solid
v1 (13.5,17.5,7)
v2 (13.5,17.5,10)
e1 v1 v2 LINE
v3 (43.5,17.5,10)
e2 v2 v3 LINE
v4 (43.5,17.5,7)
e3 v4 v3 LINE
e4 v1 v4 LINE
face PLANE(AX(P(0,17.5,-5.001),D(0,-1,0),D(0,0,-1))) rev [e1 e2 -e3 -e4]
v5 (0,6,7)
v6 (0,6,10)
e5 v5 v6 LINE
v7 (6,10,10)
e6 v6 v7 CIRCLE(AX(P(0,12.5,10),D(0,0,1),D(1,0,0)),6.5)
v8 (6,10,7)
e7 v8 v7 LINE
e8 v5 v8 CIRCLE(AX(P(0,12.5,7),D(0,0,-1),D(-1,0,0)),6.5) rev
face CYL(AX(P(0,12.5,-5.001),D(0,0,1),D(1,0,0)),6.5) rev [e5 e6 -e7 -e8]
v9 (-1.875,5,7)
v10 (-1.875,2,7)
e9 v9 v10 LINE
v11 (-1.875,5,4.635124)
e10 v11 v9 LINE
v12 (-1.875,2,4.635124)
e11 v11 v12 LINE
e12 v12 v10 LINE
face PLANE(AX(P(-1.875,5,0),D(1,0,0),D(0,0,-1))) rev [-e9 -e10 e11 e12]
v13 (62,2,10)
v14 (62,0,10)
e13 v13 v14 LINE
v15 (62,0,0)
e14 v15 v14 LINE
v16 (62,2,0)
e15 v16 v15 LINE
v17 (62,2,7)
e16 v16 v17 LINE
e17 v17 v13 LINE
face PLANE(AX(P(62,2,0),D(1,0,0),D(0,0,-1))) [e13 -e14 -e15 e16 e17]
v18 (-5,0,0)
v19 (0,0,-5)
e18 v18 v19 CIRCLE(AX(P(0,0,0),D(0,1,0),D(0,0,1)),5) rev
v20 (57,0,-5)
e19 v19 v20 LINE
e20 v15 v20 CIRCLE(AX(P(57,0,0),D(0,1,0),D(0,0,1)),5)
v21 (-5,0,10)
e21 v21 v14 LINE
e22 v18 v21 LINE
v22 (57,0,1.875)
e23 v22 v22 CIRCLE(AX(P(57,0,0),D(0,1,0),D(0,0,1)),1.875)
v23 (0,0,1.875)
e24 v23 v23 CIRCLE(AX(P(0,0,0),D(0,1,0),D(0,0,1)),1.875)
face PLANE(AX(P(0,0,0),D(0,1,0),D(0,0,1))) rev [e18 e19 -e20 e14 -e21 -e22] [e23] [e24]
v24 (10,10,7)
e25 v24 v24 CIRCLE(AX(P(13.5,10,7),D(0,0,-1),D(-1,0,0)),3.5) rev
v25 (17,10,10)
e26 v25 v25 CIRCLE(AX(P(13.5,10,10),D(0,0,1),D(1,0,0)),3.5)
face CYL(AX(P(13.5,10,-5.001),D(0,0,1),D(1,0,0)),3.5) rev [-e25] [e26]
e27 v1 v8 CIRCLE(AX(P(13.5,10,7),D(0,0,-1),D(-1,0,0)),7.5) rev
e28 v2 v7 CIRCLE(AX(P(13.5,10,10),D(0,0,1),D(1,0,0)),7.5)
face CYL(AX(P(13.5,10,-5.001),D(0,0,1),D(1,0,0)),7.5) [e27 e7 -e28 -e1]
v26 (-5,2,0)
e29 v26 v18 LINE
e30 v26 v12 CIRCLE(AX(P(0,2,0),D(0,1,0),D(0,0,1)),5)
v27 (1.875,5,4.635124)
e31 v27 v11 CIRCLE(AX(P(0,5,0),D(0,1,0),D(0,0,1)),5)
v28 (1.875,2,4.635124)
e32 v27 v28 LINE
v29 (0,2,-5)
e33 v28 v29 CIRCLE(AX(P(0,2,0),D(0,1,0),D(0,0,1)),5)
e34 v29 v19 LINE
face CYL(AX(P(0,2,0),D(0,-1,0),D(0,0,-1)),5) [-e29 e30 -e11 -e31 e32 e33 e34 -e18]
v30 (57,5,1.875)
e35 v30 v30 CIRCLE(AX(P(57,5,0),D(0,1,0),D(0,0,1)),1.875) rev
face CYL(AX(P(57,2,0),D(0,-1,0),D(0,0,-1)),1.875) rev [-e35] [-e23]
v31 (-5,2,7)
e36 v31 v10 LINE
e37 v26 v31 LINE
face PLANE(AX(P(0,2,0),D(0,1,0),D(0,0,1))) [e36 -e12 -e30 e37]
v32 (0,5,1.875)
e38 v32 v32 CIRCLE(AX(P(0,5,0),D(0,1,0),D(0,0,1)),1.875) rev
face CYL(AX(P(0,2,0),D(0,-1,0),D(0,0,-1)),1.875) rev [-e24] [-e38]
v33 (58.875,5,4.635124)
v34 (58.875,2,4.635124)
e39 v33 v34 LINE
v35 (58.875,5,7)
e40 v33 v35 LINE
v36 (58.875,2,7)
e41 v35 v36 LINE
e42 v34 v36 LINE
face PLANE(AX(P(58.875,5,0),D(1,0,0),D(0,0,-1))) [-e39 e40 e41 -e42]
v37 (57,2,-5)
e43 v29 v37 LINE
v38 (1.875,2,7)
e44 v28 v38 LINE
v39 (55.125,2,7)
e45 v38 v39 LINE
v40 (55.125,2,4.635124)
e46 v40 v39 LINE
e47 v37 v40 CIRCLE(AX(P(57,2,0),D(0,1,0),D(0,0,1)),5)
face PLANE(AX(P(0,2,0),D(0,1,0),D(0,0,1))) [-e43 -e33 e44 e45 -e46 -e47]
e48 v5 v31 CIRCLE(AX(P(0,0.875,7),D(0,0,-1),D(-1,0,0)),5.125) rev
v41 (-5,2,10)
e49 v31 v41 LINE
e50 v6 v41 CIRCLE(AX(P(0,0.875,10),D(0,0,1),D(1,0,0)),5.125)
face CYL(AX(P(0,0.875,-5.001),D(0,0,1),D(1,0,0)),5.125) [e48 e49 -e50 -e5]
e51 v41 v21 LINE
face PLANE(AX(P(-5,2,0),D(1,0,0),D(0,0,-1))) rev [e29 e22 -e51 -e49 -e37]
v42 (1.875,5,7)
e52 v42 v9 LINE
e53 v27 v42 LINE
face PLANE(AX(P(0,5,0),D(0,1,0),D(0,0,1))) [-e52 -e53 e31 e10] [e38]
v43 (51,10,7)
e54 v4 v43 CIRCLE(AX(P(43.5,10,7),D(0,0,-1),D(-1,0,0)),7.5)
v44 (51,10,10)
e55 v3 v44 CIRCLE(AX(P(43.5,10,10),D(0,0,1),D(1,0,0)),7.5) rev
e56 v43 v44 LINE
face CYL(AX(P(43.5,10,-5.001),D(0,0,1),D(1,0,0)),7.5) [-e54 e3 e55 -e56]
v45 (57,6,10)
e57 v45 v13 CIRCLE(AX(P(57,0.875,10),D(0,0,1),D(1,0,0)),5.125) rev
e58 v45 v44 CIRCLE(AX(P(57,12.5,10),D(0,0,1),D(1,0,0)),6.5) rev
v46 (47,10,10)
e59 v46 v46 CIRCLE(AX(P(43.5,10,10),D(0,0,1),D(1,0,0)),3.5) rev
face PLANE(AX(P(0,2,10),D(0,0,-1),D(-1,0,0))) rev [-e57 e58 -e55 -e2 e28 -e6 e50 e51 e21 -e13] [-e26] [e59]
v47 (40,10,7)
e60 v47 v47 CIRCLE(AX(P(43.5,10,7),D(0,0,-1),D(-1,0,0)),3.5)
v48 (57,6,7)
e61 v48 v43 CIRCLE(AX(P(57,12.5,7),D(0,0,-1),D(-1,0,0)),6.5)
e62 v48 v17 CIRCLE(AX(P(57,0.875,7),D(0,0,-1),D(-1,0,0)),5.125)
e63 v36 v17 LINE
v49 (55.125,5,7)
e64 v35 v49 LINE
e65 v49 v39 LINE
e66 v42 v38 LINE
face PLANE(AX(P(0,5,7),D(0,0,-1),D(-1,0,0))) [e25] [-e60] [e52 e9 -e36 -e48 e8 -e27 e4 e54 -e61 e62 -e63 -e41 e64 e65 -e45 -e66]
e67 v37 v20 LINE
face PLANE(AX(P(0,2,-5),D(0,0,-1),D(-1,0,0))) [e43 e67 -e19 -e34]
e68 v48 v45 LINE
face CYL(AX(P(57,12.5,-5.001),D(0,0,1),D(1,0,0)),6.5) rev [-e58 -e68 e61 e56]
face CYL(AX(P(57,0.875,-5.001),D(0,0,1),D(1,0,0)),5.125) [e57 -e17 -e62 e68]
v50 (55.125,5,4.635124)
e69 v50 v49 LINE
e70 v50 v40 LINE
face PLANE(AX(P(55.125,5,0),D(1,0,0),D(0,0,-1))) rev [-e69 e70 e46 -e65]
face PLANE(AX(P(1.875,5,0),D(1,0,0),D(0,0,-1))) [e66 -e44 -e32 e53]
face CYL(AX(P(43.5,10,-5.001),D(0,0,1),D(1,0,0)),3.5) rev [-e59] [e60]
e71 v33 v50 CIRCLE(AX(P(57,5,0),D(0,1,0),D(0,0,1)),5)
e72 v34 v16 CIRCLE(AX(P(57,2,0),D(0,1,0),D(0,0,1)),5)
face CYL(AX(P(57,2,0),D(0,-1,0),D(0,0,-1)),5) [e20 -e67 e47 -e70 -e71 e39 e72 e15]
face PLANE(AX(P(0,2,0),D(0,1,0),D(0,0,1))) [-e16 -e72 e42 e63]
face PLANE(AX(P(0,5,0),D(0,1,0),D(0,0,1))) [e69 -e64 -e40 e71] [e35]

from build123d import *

# Parameters (mm, degrees)
SKETCH1_R           = 1.875
BOSS_EXTRUDE1_DEPTH = 2
SKETCH2_W           = 3.125
SKETCH2_H           = 3
SKETCH2_W_2         = 3.75
SKETCH2_W_3         = 26.625
BOSS_EXTRUDE2_DEPTH = 3
SKETCH3_W           = 67
SKETCH3_H           = 3
BOSS_EXTRUDE3_DEPTH = 20
CUT_EXTRUDE1_REACH  = 70.513
SKETCH4_R           = 3.5


with BuildPart() as part:
    # Sketch1 → Boss-Extrude1 (new body)
    with BuildSketch(Plane(origin=(0, 0, 0), x_dir=(1, 0, 0), z_dir=(0, 1, 0))):
        with BuildLine():
            Line((0, 5), (57, 5))
            ThreePointArc((57, 5), (60.535533906, 3.535533906), (62, 0))
            Line((62, 0), (62, -10))
            Line((62, -10), (-5, -10))
            Line((-5, -10), (-5, 0))
            ThreePointArc((-5, 0), (-3.535533906, 3.535533906), (0, 5))
        make_face()
        with Locations(Location((0, 0, 0), (0, 0, 270))):
            Circle(SKETCH1_R, mode=Mode.SUBTRACT)
        with Locations(Location((57, 0, 0), (0, 0, 270))):
            Circle(SKETCH1_R, mode=Mode.SUBTRACT)
    extrude(amount=BOSS_EXTRUDE1_DEPTH)

    # Sketch2 → Boss-Extrude2 (add)
    with BuildSketch(Plane(origin=(0, 2, 0), x_dir=(1, 0, 0), z_dir=(0, 1, 0))):
        with BuildLine():
            ThreePointArc((0, 5), (-3.535533906, 3.535533906), (-5, 0))
            ThreePointArc((-5, 0), (-4.145780988, -2.795084972), (-1.875, -4.635124054))
            Line((-1.875, -4.635124054), (-1.875, 0))
            ThreePointArc((-1.875, 0), (0, 1.875), (1.875, 0))
            Line((1.875, 0), (1.875, -4.635124054))
            ThreePointArc((1.875, -4.635124054), (4.145780988, -2.795084972), (5, 0))
            ThreePointArc((5, 0), (3.535533906, 3.535533906), (0, 5))
        make_face()
        with BuildLine():
            Line((-1.875, 0), (-1.875, -4.635124054))
            ThreePointArc((-1.875, -4.635124054), (0, -5), (1.875, -4.635124054))
            Line((1.875, -4.635124054), (1.875, 0))
            ThreePointArc((1.875, 0), (0, -1.875), (-1.875, 0))
        make_face()
        with BuildLine():
            Line((-1.875, -4.635124054), (-1.875, -7))
            Line((-1.875, -7), (1.875, -7))
            Line((1.875, -7), (1.875, -4.635124054))
            ThreePointArc((1.875, -4.635124054), (0, -5), (-1.875, -4.635124054))
        make_face()
        with Locations((-3.4375, -8.5)):
            Rectangle(SKETCH2_W, SKETCH2_H)
        with Locations((0, -8.5)):
            Rectangle(SKETCH2_W_2, SKETCH2_H)
        with Locations((15.1875, -8.5)):
            Rectangle(SKETCH2_W_3, SKETCH2_H)
        with BuildLine():
            ThreePointArc((57, 5), (52.092066613, 0.955086312), (55.125, -4.635124054))
            Line((55.125, -4.635124054), (55.125, 0))
            ThreePointArc((55.125, 0), (57, 1.875), (58.875, 0))
            Line((58.875, 0), (58.875, -4.635124054))
            ThreePointArc((58.875, -4.635124054), (61.145780988, -2.795084972), (62, 0))
            ThreePointArc((62, 0), (60.535533906, 3.535533906), (57, 5))
        make_face()
        with BuildLine():
            Line((55.125, 0), (55.125, -4.635124054))
            ThreePointArc((55.125, -4.635124054), (57, -5), (58.875, -4.635124054))
            Line((58.875, -4.635124054), (58.875, 0))
            ThreePointArc((58.875, 0), (57, -1.875), (55.125, 0))
        make_face()
        with BuildLine():
            Line((55.125, -4.635124054), (55.125, -7))
            Line((55.125, -7), (58.875, -7))
            Line((58.875, -7), (58.875, -4.635124054))
            ThreePointArc((58.875, -4.635124054), (57, -5), (55.125, -4.635124054))
        make_face()
        with Locations((60.4375, -8.5)):
            Rectangle(SKETCH2_W, SKETCH2_H)
        with Locations((57, -8.5)):
            Rectangle(SKETCH2_W_2, SKETCH2_H)
        with Locations((41.8125, -8.5)):
            Rectangle(SKETCH2_W_3, SKETCH2_H)
    extrude(amount=BOSS_EXTRUDE2_DEPTH)

    # Sketch3 → Boss-Extrude3 (add)
    with BuildSketch(Plane(origin=(0, 5, 0), x_dir=(1, 0, 0), z_dir=(0, 1, 0))):
        with Locations((28.5, -8.5)):
            Rectangle(SKETCH3_W, SKETCH3_H)
    extrude(amount=BOSS_EXTRUDE3_DEPTH)

    # Sketch4 → Cut-Extrude1 (cut, up to next)
    with BuildSketch(Plane.XY.offset(10), mode=Mode.PRIVATE) as cut_extrude1_sk1:
        with BuildLine():
            ThreePointArc((-5, 2), (-3.201562119, 4.876952648), (0, 6))
            ThreePointArc((0, 6), (3.605551275, 7.091673087), (6, 10))
            ThreePointArc((6, 10), (8.196699141, 15.303300859), (13.5, 17.5))
            Line((13.5, 17.5), (43.5, 17.5))
            ThreePointArc((43.5, 17.5), (48.803300859, 15.303300859), (51, 10))
            ThreePointArc((51, 10), (53.394448725, 7.091673087), (57, 6))
            ThreePointArc((57, 6), (60.201562119, 4.876952648), (62, 2))
            Line((62, 2), (62, 25))
            Line((62, 25), (-5, 25))
            Line((-5, 25), (-5, 2))
        make_face()
    cut_extrude1_tool1 = extrude(cut_extrude1_sk1.sketch, amount=-CUT_EXTRUDE1_REACH, mode=Mode.PRIVATE) & part.part
    # Sketch4 → Cut-Extrude1 (cut, up to next)
    with BuildSketch(Plane.XY.offset(10), mode=Mode.PRIVATE) as cut_extrude1_sk2:
        with Locations((13.5, 10)):
            Circle(SKETCH4_R)
    cut_extrude1_tool2 = extrude(cut_extrude1_sk2.sketch, amount=-CUT_EXTRUDE1_REACH, mode=Mode.PRIVATE) & part.part
    # Sketch4 → Cut-Extrude1 (cut, up to next)
    with BuildSketch(Plane.XY.offset(10), mode=Mode.PRIVATE) as cut_extrude1_sk3:
        with Locations((43.5, 10)):
            Circle(SKETCH4_R)
    cut_extrude1_tool3 = extrude(cut_extrude1_sk3.sketch, amount=-CUT_EXTRUDE1_REACH, mode=Mode.PRIVATE) & part.part
    add(cut_extrude1_tool1.solids().sort_by_distance((28.5, 18.015348, 10))[0], mode=Mode.SUBTRACT)
    add(cut_extrude1_tool2.solids().sort_by_distance((13.5, 10, 10))[0], mode=Mode.SUBTRACT)
    add(cut_extrude1_tool3.solids().sort_by_distance((43.5, 10, 10))[0], mode=Mode.SUBTRACT)


solid = part.part
